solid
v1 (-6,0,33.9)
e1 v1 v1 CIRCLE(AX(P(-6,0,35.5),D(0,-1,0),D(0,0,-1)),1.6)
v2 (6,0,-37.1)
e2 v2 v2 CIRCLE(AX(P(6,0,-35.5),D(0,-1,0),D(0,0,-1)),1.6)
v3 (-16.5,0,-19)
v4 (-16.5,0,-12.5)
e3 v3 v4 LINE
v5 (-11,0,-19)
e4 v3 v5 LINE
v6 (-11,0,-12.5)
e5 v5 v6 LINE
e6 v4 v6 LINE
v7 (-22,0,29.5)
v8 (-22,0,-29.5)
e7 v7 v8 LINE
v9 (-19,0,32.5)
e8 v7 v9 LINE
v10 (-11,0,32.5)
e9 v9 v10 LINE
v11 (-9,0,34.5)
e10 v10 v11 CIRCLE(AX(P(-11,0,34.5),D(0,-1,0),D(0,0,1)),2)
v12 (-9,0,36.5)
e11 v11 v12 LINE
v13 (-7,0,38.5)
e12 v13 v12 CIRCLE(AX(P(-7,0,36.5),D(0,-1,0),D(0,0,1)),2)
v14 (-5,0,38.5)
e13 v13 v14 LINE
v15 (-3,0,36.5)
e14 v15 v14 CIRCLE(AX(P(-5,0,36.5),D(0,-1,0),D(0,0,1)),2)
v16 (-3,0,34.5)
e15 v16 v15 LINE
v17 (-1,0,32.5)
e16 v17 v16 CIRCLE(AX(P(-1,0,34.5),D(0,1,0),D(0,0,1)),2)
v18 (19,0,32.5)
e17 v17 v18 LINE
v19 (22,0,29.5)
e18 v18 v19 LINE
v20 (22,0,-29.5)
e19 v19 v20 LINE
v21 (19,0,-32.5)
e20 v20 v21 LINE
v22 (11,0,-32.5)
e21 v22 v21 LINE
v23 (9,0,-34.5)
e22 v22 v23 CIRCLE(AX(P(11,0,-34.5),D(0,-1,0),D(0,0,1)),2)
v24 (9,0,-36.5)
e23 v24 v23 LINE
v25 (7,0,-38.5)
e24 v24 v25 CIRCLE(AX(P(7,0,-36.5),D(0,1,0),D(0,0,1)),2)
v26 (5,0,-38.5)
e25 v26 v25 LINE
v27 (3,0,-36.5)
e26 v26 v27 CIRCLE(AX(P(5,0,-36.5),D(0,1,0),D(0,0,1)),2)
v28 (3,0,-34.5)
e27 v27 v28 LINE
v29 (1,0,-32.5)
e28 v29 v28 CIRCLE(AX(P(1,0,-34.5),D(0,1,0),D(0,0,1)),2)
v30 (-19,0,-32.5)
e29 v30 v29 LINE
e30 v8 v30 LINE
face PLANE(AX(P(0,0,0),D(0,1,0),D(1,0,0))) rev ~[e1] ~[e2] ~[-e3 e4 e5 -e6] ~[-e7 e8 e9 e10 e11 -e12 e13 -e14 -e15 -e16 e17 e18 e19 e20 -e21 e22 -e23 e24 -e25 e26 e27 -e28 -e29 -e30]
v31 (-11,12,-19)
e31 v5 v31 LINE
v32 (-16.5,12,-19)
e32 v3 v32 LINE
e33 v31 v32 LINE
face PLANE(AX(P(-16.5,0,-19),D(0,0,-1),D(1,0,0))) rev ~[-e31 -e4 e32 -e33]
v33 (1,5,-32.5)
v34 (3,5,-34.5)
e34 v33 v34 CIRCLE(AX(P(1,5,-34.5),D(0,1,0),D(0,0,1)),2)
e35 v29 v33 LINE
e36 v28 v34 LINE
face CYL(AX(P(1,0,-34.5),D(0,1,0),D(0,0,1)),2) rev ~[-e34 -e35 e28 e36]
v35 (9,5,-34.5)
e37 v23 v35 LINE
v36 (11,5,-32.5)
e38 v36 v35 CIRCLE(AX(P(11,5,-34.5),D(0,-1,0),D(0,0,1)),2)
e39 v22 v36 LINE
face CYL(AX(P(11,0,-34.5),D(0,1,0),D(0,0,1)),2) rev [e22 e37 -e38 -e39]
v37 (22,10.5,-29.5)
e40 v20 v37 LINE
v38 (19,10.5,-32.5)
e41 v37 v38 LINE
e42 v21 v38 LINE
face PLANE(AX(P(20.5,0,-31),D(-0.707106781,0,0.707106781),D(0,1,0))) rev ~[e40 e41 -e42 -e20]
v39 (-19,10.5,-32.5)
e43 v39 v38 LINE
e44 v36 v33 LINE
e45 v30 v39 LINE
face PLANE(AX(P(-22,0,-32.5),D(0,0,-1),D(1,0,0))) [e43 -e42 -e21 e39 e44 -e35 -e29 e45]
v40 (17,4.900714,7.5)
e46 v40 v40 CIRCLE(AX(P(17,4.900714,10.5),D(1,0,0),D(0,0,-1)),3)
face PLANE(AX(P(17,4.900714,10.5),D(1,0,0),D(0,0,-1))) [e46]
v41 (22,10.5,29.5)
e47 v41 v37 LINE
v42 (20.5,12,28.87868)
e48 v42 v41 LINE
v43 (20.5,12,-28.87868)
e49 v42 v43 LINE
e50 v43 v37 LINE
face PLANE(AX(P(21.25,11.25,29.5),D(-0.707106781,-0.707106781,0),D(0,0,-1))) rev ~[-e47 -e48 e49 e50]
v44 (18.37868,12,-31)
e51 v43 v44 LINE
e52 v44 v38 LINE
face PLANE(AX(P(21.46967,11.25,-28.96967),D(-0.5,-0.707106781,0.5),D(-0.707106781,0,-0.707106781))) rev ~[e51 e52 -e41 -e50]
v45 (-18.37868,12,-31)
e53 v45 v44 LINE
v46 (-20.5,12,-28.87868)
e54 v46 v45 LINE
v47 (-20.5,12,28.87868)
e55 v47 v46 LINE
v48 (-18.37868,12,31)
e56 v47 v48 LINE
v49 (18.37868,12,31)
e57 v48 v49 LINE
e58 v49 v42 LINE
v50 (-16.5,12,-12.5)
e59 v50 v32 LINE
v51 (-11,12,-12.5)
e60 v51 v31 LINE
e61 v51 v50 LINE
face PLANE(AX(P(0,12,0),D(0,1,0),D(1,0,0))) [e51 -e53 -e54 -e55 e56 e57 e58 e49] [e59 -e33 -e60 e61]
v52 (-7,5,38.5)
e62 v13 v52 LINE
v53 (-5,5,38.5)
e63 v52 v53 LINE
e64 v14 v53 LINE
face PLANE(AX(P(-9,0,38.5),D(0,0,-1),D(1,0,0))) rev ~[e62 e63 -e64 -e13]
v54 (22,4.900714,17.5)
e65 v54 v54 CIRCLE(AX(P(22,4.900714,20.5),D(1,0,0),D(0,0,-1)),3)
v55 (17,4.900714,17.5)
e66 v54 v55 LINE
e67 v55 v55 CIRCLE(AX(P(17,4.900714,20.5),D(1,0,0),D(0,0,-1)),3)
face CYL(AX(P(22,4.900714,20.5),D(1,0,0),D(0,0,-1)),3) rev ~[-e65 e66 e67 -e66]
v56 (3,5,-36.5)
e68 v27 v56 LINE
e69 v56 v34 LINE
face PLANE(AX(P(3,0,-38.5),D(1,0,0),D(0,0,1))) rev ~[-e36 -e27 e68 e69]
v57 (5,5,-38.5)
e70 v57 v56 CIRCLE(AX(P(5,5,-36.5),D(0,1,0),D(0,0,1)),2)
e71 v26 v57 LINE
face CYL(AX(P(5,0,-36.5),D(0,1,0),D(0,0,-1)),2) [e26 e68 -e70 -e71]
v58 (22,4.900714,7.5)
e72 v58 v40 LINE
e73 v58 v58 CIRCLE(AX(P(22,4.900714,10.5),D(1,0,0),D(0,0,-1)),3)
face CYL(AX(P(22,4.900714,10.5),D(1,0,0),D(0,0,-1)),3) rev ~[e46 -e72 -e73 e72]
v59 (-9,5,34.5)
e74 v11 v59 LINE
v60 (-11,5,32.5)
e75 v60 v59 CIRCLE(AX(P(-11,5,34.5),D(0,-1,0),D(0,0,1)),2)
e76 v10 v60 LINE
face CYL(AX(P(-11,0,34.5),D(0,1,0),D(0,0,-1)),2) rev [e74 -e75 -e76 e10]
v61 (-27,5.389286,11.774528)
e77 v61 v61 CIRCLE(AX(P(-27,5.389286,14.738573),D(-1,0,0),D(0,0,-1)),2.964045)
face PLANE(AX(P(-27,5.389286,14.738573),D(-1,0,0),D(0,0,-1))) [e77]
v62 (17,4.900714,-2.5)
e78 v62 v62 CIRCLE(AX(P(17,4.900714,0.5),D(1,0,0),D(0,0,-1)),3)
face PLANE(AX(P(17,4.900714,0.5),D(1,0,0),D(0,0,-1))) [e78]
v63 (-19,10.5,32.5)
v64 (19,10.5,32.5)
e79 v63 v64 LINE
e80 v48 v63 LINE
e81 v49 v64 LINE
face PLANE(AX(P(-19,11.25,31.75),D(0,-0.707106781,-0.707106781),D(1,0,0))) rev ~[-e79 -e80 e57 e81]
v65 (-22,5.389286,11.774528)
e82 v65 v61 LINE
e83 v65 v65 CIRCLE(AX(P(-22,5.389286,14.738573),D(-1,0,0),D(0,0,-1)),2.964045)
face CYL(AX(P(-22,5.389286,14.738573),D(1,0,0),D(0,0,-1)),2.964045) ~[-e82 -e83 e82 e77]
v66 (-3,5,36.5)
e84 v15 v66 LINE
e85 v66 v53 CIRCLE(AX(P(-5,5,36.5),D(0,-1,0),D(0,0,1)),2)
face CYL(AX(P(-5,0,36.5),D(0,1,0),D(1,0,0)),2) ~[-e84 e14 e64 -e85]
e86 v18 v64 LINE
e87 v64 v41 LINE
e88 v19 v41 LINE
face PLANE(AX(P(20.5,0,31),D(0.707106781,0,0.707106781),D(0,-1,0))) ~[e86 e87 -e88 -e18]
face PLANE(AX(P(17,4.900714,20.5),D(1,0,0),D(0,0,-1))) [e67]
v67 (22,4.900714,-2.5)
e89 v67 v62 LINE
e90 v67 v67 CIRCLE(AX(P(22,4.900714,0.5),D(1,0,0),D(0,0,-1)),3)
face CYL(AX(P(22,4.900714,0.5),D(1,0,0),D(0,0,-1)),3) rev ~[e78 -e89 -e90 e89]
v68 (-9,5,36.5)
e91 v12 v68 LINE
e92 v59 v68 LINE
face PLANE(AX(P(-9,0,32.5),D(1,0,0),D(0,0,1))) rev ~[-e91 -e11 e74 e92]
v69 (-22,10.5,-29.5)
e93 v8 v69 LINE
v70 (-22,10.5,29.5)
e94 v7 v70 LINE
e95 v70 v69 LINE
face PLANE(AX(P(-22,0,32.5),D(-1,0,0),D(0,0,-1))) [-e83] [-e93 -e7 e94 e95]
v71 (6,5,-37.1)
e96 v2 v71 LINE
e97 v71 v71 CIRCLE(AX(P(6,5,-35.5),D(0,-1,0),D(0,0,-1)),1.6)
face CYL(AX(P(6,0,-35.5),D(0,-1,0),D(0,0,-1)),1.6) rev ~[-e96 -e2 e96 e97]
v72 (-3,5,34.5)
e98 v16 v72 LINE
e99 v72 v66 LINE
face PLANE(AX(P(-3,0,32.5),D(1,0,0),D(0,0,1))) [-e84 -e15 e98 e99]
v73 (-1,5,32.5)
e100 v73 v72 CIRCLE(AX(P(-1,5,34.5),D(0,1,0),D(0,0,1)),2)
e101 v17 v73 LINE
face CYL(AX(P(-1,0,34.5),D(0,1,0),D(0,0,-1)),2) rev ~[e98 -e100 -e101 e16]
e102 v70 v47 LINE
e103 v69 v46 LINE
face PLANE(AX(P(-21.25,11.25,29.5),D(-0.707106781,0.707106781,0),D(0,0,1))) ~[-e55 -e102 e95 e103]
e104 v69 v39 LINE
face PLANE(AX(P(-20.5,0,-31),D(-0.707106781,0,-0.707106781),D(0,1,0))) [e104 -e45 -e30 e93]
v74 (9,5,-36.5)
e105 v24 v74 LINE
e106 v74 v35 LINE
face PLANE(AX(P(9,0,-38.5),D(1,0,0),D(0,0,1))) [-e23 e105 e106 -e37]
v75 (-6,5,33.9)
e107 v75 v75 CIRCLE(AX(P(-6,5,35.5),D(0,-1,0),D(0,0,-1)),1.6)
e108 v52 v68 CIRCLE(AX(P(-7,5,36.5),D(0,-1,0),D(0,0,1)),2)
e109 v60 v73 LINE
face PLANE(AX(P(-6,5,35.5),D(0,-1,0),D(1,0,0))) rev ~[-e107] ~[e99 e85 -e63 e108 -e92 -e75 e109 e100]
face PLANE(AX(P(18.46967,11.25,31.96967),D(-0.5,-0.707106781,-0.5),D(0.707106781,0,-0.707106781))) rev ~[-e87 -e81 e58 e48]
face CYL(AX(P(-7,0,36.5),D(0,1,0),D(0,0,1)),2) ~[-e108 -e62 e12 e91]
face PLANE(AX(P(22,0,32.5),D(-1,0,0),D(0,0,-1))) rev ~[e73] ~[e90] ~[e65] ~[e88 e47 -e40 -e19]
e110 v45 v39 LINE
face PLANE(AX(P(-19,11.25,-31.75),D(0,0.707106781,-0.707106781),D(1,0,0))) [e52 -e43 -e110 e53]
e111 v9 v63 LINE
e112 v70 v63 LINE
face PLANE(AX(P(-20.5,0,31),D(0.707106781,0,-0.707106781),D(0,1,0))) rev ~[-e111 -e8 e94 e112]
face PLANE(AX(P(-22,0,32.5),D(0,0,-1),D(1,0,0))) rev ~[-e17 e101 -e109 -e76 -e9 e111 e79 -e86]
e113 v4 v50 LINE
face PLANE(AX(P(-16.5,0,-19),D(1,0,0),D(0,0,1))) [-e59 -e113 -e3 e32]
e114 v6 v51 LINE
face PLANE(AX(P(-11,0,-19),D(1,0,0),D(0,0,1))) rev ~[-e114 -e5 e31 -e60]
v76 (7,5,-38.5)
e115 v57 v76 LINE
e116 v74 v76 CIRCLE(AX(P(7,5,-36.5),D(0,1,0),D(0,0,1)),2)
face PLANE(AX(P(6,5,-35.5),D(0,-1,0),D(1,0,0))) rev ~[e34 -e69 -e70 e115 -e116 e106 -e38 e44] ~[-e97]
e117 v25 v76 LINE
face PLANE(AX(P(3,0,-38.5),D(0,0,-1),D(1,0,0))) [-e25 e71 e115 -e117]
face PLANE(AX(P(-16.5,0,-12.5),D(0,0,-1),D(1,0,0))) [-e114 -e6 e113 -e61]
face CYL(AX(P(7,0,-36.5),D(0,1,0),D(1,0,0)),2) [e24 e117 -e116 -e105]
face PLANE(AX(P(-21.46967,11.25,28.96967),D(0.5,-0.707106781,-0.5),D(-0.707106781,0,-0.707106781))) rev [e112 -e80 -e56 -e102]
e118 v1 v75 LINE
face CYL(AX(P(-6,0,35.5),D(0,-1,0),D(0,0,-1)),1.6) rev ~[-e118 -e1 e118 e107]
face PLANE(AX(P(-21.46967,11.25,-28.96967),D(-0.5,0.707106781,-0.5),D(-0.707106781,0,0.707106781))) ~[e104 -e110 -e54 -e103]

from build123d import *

# Parameters (mm, degrees)
SKETCH_1_W          = 44
SKETCH_1_H          = 65
EXTRUDE_1_DEPTH     = 12
CHAMFER_1_SIZE      = 3
CHAMFER_2_SIZE      = 1.5
SKETCH_2_W          = 6
SKETCH_2_H          = 6
SKETCH_2_R          = 1.6
EXTRUDE_2_DEPTH     = 5
FILLET_1_R          = 2
FILLET_2_R          = 2
SKETCH_3_R          = 3
CUT_EXTRUDE_1_DEPTH = 5
SKETCH_4_R          = 2.96404504
EXTRUDE_3_DEPTH     = 5
SKETCH_5_W          = 5.5
SKETCH_5_H          = 6.5
CUT_EXTRUDE_2_DEPTH = 49.53091798


with BuildPart() as part:
    # 草图1 → 凸台-拉伸1 (new body)
    with BuildSketch(Plane(origin=(0, 0, 0), x_dir=(1, 0, 0), z_dir=(0, 1, 0))):
        Rectangle(SKETCH_1_W, SKETCH_1_H)
    extrude(amount=EXTRUDE_1_DEPTH)

    # 倒角1
    chamfer_1_edges = [part.edges().sort_by_distance(p)[0] for p in [
        (22, 6, 32.5),
        (-22, 6, 32.5),
        (-22, 6, -32.5),
        (22, 6, -32.5),
    ]]
    chamfer(chamfer_1_edges, length=CHAMFER_1_SIZE)

    # 倒角2
    chamfer_2_edges = [part.edges().sort_by_distance(p)[0] for p in [
        (-22, 12, 0),
        (0, 12, -32.5),
        (22, 12, 0),
        (0, 12, 32.5),
        (-20.5, 12, 31),
        (20.5, 12, 31),
        (20.5, 12, -31),
        (-20.5, 12, -31),
    ]]
    chamfer(chamfer_2_edges, length=CHAMFER_2_SIZE)

    # 草图2 → 凸台-拉伸2 (add)
    # profile 1 of 2: a face of its own
    with BuildSketch(Plane.XZ):
        with Locations((-6, 35.5)):
            Rectangle(SKETCH_2_W, SKETCH_2_H)
        with Locations(Location((-6, 35.5, 0), (0, 0, 270))):
            Circle(SKETCH_2_R, mode=Mode.SUBTRACT)
    # profile 2 of 2: a face of its own
    with BuildSketch(Plane.XZ):
        with Locations((6, -35.5)):
            Rectangle(SKETCH_2_W, SKETCH_2_H)
        with Locations(Location((6, -35.5, 0), (0, 0, 270))):
            Circle(SKETCH_2_R, mode=Mode.SUBTRACT)
    extrude(amount=-EXTRUDE_2_DEPTH)

    # 圆角1
    fillet_1_edges = [part.edges().sort_by_distance(p)[0] for p in [
        (9, 2.5, -32.5),
        (3, 2.5, -32.5),
        (-3, 2.5, 32.5),
        (-9, 2.5, 32.5),
    ]]
    fillet(fillet_1_edges, radius=FILLET_1_R)

    # 圆角2
    fillet_2_edges = [part.edges().sort_by_distance(p)[0] for p in [
        (9, 2.5, -38.5),
        (3, 2.5, -38.5),
        (-3, 2.5, 38.5),
        (-9, 2.5, 38.5),
    ]]
    fillet(fillet_2_edges, radius=FILLET_2_R)

    # 草图3 → 切除-拉伸1 (cut)
    with BuildSketch(Plane(origin=(22, 0, 0), x_dir=(0, 0, -1), z_dir=(1, 0, 0))):
        with Locations((-20.5, 4.900714175)):
            Circle(SKETCH_3_R)
        with Locations((-10.5, 4.900714175)):
            Circle(SKETCH_3_R)
        with Locations((-0.5, 4.900714175)):
            Circle(SKETCH_3_R)
    extrude(amount=-CUT_EXTRUDE_1_DEPTH, mode=Mode.SUBTRACT)

    # 草图4 → 凸台-拉伸3 (add)
    with BuildSketch(Plane.ZY.offset(22)):
        with Locations(Location((14.738572915, 5.389285653, 0), (0, 0, 180))):
            Circle(SKETCH_4_R)
    extrude(amount=EXTRUDE_3_DEPTH)

    # 草图5 → 切除-拉伸2 (cut, through all)
    with BuildSketch(Plane.XZ):
        with Locations((-13.75, -15.75)):
            Rectangle(SKETCH_5_W, SKETCH_5_H)
    extrude(amount=-CUT_EXTRUDE_2_DEPTH, mode=Mode.SUBTRACT)


solid = part.part
